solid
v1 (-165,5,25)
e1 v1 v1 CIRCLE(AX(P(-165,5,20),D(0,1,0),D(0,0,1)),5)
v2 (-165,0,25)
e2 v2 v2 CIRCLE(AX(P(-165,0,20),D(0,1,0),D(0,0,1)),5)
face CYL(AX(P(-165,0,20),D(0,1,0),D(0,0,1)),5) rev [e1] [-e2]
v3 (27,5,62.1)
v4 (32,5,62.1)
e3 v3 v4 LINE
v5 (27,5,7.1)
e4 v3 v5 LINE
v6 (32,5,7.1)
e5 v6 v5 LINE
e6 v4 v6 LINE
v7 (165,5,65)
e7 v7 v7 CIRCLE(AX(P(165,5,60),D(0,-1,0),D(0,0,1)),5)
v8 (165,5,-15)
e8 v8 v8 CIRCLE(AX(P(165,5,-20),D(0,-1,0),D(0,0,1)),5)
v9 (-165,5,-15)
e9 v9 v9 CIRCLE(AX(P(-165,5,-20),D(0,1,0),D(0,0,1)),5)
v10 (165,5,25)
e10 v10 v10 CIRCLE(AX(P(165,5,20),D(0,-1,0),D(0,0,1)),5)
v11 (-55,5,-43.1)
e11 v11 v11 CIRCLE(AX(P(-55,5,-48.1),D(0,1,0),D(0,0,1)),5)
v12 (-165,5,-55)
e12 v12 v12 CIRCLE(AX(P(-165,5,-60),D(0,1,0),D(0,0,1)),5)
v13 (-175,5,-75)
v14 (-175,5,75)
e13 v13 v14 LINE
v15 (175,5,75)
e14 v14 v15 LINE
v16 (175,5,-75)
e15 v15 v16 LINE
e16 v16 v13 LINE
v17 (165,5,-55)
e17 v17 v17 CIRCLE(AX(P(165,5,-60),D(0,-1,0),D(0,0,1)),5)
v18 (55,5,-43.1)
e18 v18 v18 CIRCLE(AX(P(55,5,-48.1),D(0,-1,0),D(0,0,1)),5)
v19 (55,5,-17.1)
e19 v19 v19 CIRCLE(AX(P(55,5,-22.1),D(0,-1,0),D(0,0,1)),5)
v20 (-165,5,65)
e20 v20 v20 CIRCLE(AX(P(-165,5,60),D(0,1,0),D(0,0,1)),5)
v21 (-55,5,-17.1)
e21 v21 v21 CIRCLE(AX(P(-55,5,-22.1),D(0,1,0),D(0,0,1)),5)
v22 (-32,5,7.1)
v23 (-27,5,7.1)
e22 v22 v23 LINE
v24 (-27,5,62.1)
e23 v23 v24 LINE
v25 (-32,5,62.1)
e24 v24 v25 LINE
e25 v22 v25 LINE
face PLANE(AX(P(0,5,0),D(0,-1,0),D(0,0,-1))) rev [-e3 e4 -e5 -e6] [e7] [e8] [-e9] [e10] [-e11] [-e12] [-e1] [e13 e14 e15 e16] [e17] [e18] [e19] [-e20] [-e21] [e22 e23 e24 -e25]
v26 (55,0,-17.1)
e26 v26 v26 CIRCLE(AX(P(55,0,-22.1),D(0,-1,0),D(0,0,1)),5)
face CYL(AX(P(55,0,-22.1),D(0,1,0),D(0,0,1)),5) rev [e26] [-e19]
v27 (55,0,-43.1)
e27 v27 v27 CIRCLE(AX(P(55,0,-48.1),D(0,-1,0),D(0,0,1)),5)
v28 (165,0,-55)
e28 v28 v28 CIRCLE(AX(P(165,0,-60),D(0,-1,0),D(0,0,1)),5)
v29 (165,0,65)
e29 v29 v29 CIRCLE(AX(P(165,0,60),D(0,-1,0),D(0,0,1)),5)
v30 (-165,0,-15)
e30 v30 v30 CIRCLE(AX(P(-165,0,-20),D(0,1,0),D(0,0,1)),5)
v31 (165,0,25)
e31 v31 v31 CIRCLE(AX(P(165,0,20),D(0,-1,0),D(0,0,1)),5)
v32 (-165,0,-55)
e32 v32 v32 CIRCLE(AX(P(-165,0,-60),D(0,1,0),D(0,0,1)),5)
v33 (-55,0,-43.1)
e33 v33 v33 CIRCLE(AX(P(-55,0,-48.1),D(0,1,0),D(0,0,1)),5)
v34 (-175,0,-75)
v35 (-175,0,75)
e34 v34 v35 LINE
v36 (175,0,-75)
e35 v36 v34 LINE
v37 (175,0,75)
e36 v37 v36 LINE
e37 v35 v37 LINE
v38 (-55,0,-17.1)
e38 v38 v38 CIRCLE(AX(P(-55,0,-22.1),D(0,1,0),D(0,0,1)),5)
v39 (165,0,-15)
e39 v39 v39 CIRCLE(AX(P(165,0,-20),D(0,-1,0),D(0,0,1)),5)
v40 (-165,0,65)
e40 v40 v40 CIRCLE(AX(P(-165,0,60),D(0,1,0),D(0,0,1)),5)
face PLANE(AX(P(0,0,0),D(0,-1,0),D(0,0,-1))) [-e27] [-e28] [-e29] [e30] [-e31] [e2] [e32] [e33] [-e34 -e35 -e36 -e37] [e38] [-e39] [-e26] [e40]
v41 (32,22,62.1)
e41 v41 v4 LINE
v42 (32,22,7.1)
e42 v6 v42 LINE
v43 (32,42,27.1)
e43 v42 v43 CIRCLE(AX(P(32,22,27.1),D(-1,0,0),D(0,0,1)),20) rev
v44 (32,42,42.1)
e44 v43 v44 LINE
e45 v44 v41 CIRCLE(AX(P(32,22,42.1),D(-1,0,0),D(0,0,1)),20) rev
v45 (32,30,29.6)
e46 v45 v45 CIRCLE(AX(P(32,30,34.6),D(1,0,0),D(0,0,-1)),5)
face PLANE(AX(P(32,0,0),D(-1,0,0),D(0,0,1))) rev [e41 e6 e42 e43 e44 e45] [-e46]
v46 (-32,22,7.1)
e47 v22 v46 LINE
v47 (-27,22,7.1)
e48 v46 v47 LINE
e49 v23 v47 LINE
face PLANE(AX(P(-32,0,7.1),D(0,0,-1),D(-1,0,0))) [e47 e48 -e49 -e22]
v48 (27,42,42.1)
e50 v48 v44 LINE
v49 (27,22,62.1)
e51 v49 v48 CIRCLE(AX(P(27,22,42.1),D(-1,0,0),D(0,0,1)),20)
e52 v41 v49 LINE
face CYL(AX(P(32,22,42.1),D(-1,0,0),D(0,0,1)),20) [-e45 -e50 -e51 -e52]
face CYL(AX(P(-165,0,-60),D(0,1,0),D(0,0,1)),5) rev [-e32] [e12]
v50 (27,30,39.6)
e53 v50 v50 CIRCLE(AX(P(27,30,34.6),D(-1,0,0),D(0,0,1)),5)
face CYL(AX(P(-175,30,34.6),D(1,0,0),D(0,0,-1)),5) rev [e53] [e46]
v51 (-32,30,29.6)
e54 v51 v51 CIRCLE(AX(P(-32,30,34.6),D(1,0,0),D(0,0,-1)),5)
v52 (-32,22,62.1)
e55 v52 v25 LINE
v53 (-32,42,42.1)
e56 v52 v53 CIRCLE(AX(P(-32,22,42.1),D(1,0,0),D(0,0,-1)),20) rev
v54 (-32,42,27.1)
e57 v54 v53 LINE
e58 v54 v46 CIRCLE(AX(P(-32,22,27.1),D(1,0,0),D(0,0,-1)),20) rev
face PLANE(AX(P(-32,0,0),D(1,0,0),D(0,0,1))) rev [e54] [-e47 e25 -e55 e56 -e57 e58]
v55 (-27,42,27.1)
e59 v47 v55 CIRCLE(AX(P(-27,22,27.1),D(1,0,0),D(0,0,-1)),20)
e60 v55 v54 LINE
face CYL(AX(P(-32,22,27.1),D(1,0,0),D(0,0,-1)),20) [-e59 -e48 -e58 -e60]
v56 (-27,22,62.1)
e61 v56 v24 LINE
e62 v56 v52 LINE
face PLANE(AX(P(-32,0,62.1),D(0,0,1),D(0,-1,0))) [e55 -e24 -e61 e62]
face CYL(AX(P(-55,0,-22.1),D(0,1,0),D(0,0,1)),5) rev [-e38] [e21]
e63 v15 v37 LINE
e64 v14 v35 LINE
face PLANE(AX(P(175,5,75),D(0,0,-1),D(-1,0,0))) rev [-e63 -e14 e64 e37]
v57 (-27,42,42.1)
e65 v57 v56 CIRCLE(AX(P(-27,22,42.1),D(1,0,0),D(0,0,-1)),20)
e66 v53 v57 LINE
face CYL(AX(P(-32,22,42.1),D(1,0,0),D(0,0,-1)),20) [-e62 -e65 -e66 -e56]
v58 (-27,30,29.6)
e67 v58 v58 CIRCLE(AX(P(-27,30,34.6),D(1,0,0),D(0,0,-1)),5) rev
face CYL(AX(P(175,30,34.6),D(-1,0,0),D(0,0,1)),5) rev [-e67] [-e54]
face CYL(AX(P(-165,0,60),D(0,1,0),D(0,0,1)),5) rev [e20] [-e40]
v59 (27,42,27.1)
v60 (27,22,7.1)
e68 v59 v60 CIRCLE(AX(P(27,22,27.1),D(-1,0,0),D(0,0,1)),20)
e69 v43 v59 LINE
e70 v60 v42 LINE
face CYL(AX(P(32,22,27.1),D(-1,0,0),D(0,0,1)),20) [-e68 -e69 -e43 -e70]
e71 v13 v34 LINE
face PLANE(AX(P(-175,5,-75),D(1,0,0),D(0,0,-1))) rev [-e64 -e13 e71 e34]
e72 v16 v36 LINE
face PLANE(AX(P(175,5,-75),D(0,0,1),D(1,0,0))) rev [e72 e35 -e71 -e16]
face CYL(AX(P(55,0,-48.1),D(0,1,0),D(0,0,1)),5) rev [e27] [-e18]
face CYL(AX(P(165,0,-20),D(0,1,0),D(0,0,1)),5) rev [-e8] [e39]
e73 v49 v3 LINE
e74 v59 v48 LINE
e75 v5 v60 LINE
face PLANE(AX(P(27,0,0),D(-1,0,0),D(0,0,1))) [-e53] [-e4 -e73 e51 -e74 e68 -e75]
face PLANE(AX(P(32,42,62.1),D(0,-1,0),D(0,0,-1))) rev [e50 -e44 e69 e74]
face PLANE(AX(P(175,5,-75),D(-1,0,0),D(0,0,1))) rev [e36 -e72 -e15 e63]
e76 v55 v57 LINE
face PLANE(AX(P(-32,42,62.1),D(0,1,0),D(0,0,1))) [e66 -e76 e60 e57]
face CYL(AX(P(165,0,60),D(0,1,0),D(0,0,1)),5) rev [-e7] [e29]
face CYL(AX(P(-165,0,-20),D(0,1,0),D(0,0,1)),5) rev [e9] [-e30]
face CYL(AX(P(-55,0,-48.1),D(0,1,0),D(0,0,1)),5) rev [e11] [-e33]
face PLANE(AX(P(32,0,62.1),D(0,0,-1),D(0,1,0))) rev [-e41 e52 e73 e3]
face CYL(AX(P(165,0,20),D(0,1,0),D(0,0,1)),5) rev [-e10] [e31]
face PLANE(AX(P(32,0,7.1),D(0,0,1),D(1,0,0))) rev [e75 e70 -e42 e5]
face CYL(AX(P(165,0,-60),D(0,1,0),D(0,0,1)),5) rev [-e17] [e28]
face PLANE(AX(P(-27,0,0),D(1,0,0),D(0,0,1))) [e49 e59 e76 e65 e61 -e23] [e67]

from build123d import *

# Parameters (mm, degrees)
SKETCH1_W            = 350
SKETCH1_H            = 150
BOSS_EXTRUDE1_DEPTH  = 5
SKETCH2_W            = 55
SKETCH2_H            = 42
BOSS_EXTRUDE2_DEPTH  = 5
SKETCH3_R            = 5
CUT_EXTRUDE1_DEPTH   = 225.138350132
FILLET1_R            = 20
FILLET1_OF_MIRROR1_R = 20
SKETCH5_R            = 5
CUT_EXTRUDE3_DEPTH   = 194.956180618
SKETCH6_R            = 5
CUT_EXTRUDE4_DEPTH   = 194.956180618


with BuildPart() as part:
    # Sketch1 → Boss-Extrude1 (new body)
    with BuildSketch(Plane(origin=(0, 0, 0), x_dir=(1, 0, 0), z_dir=(0, 1, 0))):
        Rectangle(SKETCH1_W, SKETCH1_H)
    extrude(amount=BOSS_EXTRUDE1_DEPTH)

    # Sketch2 → Boss-Extrude2 (add)
    with BuildSketch(Plane(origin=(27, 0, 0), x_dir=(0, 0, -1), z_dir=(1, 0, 0))):
        with Locations((-34.6, 21)):
            Rectangle(SKETCH2_W, SKETCH2_H)
    boss_extrude2 = extrude(amount=BOSS_EXTRUDE2_DEPTH)

    # Sketch3 → Cut-Extrude1 (cut, through all)
    with BuildSketch(Plane(origin=(32, 0, 0), x_dir=(0, 0, -1), z_dir=(1, 0, 0))):
        with Locations((-34.6, 30)):
            Circle(SKETCH3_R)
    cut_extrude1 = extrude(amount=-CUT_EXTRUDE1_DEPTH, mode=Mode.SUBTRACT)

    # Fillet1
    fillet1_edges = [part.edges().sort_by_distance(p)[0] for p in [
        (29.5, 42, 62.1),
        (29.5, 42, 7.1),
    ]]
    fillet(fillet1_edges, radius=FILLET1_R)

    # Mirror1: Boss-Extrude2, Cut-Extrude1 across plane
    add(boss_extrude2.mirror(Plane(origin=(0, 0, 0), x_dir=(0, 0, 1), z_dir=(1, 0, 0))))
    add(cut_extrude1.mirror(Plane(origin=(0, 0, 0), x_dir=(0, 0, 1), z_dir=(1, 0, 0))), mode=Mode.SUBTRACT)

    # Fillet1 of Mirror1
    fillet1_of_mirror1_edges = [part.edges().sort_by_distance(p)[0] for p in [
        (-29.5, 42, 62.1),
        (-29.5, 42, 7.1),
    ]]
    fillet(fillet1_of_mirror1_edges, radius=FILLET1_OF_MIRROR1_R)

    # Sketch5 → Cut-Extrude3 (cut, through all)
    with BuildSketch(Plane(origin=(0, 5, 0), x_dir=(1, 0, 0), z_dir=(0, 1, 0))):
        with Locations(Location((-55, 48.1, 0), (0, 0, 270))):
            Circle(SKETCH5_R)
        with Locations(Location((-55, 22.1, 0), (0, 0, 270))):
            Circle(SKETCH5_R)
    cut_extrude3 = extrude(amount=-CUT_EXTRUDE3_DEPTH, mode=Mode.SUBTRACT)

    # Mirror3: Cut-Extrude3 across plane
    add(cut_extrude3.mirror(Plane(origin=(0, 0, 0), x_dir=(0, 0, 1), z_dir=(1, 0, 0))), mode=Mode.SUBTRACT)

    # Sketch6 → Cut-Extrude4 (cut, through all)
    with BuildSketch(Plane(origin=(0, 5, 0), x_dir=(1, 0, 0), z_dir=(0, 1, 0))):
        with Locations(Location((-165, 60, 0), (0, 0, 270))):
            Circle(SKETCH6_R)
        with Locations(Location((-165, 20, 0), (0, 0, 270))):
            Circle(SKETCH6_R)
        with Locations(Location((-165, -20, 0), (0, 0, 270))):
            Circle(SKETCH6_R)
        with Locations(Location((-165, -60, 0), (0, 0, 270))):
            Circle(SKETCH6_R)
    cut_extrude4 = extrude(amount=-CUT_EXTRUDE4_DEPTH, mode=Mode.SUBTRACT)

    # Mirror4: Cut-Extrude4 across plane
    add(cut_extrude4.mirror(Plane(origin=(0, 0, 0), x_dir=(0, 0, 1), z_dir=(1, 0, 0))), mode=Mode.SUBTRACT)


solid = part.part
